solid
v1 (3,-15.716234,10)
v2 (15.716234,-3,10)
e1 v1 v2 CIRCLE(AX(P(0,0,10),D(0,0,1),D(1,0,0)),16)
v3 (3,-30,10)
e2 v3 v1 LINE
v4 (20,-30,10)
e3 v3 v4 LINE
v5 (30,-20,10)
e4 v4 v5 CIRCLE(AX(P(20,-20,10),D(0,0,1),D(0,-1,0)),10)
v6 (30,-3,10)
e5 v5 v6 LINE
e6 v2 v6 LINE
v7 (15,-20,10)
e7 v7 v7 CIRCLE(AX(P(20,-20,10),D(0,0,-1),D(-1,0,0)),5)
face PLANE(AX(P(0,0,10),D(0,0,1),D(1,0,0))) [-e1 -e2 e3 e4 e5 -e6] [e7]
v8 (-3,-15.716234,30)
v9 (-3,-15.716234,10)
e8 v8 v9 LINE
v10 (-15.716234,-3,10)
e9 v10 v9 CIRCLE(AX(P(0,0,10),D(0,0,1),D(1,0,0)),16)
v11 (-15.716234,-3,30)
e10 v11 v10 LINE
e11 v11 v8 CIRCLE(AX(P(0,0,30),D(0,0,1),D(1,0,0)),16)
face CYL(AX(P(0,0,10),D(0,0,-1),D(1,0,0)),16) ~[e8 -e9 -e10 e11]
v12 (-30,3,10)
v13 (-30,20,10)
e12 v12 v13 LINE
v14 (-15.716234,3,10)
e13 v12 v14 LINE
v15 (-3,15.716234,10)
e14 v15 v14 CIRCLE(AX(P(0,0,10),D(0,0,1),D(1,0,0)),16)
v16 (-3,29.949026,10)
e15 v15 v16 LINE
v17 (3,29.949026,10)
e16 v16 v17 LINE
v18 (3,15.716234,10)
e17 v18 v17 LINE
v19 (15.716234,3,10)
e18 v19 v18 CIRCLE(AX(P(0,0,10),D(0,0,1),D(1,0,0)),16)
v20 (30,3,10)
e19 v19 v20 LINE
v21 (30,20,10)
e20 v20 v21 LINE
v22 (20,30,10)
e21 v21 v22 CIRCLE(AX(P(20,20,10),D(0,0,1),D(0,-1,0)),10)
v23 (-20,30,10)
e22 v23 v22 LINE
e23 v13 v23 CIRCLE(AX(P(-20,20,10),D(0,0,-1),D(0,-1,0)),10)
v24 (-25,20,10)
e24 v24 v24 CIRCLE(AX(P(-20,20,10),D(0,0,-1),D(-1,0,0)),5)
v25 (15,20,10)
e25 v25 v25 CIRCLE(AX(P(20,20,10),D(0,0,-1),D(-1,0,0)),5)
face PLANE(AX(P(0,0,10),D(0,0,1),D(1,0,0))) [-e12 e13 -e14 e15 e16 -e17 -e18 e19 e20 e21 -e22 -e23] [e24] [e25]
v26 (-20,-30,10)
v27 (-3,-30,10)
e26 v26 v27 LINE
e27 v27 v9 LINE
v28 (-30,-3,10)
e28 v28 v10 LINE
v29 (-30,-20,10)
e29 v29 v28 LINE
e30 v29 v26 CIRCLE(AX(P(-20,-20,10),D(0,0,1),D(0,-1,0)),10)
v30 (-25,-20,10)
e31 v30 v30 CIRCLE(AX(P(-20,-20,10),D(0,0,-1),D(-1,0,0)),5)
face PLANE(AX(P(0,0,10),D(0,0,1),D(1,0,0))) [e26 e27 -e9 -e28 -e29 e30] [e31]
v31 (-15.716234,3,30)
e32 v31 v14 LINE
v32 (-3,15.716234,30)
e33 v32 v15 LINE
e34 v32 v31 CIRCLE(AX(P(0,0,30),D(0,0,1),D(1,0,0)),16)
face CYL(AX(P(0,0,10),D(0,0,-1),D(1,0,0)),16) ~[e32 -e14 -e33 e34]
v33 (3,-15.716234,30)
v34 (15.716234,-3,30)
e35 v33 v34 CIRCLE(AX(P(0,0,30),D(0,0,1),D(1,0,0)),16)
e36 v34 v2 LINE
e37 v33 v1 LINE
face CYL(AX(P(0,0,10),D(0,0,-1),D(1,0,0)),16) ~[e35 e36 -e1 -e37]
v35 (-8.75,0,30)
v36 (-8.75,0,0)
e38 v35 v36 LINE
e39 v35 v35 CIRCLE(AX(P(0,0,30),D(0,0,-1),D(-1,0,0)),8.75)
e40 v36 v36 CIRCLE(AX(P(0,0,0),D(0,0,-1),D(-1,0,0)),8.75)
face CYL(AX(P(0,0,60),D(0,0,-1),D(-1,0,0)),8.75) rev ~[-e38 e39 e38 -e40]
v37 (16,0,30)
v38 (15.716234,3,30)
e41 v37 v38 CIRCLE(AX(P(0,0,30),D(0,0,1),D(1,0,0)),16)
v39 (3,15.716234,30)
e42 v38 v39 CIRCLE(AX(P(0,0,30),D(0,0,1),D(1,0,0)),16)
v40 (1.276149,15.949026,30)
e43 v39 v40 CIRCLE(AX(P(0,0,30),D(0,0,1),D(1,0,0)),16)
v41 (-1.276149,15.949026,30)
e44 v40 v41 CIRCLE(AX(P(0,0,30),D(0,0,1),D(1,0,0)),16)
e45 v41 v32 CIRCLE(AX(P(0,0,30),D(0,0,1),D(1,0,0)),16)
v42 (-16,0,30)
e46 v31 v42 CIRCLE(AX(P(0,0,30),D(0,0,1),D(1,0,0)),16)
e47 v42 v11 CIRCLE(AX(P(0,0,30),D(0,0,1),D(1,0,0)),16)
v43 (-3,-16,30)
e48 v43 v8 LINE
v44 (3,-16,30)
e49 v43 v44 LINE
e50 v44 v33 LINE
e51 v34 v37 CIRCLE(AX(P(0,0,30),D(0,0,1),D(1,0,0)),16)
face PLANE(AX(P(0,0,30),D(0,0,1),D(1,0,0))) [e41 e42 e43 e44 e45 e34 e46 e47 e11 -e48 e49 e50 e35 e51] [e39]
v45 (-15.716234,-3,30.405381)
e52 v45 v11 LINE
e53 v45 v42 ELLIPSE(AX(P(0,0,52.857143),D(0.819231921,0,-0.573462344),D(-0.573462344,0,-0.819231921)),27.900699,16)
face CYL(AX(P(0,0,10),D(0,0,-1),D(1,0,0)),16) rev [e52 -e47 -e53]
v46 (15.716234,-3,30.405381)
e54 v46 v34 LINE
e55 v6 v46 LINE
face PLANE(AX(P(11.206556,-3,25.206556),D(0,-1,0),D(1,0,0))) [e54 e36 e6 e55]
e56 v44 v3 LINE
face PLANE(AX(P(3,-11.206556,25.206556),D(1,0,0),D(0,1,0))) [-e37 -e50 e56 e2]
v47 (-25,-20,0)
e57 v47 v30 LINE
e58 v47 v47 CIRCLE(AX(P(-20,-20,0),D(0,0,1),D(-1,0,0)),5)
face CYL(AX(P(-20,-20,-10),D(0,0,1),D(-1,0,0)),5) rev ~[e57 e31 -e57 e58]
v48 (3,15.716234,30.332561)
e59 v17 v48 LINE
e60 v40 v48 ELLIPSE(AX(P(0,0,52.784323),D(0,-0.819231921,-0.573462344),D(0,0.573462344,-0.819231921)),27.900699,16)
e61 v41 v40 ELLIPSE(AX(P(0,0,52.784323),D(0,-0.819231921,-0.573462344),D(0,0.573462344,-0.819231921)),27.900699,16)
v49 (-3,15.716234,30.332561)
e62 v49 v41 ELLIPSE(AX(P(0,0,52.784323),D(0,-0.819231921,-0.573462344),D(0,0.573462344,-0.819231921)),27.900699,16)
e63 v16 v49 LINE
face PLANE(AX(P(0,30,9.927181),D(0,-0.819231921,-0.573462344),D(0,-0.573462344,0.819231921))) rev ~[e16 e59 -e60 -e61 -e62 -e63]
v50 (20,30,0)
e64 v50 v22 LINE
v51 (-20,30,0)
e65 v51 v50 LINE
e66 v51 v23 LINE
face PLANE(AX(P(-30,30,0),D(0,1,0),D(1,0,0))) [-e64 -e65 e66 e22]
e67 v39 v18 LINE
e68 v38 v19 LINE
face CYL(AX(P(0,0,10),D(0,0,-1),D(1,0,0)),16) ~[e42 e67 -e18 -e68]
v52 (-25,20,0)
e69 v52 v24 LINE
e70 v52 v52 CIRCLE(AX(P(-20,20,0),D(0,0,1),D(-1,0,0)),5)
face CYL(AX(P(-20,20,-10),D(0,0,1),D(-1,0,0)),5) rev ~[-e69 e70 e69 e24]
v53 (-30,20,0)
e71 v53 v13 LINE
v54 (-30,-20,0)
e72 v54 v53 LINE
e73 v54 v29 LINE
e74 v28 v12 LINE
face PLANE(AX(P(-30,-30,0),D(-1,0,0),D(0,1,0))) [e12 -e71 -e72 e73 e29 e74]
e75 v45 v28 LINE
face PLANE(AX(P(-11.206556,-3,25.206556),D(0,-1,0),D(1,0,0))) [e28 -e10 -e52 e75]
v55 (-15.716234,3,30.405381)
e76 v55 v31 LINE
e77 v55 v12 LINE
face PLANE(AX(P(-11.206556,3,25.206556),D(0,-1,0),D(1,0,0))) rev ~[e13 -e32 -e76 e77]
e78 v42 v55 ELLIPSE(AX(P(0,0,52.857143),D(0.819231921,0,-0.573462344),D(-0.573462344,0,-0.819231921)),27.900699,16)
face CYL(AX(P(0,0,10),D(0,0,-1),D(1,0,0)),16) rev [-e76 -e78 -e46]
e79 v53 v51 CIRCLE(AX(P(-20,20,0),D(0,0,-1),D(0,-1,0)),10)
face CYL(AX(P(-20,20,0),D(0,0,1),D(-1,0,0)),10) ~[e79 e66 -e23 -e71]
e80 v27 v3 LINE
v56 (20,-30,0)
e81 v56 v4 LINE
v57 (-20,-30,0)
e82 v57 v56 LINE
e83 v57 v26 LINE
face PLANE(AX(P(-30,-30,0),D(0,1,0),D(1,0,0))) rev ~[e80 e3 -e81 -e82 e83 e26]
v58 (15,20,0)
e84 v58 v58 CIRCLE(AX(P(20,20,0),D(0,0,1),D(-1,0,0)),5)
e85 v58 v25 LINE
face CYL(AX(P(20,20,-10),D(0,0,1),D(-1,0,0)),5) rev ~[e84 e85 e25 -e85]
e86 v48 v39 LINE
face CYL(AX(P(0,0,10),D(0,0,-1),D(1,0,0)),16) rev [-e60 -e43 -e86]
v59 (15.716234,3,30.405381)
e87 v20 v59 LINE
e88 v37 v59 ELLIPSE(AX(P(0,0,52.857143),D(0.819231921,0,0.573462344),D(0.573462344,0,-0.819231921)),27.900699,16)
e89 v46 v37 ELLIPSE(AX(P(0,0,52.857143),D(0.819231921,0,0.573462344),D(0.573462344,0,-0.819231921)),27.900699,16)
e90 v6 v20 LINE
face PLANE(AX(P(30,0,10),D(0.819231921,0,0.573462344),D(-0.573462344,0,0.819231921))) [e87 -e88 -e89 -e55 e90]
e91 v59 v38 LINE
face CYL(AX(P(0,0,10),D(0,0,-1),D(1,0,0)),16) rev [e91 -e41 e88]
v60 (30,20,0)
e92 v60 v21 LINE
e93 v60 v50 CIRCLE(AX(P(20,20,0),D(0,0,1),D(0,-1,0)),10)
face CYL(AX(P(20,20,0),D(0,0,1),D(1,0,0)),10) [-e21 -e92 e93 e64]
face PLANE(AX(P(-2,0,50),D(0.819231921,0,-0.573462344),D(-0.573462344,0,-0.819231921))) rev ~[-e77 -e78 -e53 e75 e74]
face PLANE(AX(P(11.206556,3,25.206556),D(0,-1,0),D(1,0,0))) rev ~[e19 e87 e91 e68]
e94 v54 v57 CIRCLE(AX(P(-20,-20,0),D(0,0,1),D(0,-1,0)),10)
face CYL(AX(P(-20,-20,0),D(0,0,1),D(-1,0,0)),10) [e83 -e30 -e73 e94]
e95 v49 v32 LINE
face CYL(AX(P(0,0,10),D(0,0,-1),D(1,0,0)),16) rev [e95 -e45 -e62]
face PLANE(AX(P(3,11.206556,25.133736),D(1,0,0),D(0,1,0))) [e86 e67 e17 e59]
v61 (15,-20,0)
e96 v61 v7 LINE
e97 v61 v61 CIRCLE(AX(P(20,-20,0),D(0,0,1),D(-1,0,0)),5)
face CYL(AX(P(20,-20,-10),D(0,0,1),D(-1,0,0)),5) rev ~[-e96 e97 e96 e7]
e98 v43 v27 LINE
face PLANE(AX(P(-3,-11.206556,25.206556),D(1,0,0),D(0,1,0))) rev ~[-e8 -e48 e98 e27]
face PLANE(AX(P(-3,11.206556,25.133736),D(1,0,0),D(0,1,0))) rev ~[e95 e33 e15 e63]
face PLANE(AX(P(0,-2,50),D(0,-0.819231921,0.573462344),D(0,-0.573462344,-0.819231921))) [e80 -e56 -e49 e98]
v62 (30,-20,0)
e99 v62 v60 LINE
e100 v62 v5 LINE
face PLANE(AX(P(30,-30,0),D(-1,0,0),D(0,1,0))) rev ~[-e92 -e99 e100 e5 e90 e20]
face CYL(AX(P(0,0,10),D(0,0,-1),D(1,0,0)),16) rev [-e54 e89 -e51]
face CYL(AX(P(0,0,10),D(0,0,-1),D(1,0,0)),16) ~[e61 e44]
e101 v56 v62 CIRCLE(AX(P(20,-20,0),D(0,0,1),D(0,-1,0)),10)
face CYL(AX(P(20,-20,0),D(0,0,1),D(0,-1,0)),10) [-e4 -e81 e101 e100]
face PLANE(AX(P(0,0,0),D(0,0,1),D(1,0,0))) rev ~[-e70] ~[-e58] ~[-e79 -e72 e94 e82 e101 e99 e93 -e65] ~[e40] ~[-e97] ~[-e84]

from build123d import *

# Parameters (mm, degrees)
F0_W      = 60
F0_H      = 60
F0_W_2    = 40
F0_H_2    = 40
F1_DEPTH  = 10
F2_R      = 10
F3_D      = 10
F3_DEPTH  = 10
F3_TIP    = 3.0043030951
F6_DEPTH  = 3
F4_R      = 16
F7_DEPTH  = 40
F9_DEPTH  = 3
F10_DEPTH = 40
F11_DEPTH = 20
F13_D     = 17.5
F13_DEPTH = 30
F13_TIP   = 5.2575304165
F15_DEPTH = 25


with BuildPart() as f1:
    # F0 (on Top) → F1 (new body)
    with BuildSketch(Plane.XY):
        Rectangle(F0_W, F0_H)
        Rectangle(F0_W_2, F0_H_2, mode=Mode.SUBTRACT)
        Rectangle(F0_W_2, F0_H_2)
    extrude(amount=F1_DEPTH)

    # F2
    f2_edges = [f1.edges().sort_by_distance(p)[0] for p in [
        (-30, 30, 5),
        (30, 30, 5),
        (30, -30, 5),
        (-30, -30, 5),
    ]]
    fillet(f2_edges, radius=F2_R)

    # F3
    with Locations(Plane(origin=(0, 0, 0), x_dir=(1, 0, 0), z_dir=(0, 0, -1))):
        with Locations((-20, -20), (20, -20), (20, 20), (-20, 20)):
            Hole(F3_D / 2, depth=F3_DEPTH)
            with Locations((0, 0, -(F3_DEPTH + F3_TIP / 2))):  # 118° drill point
                Cone(0, F3_D / 2, F3_TIP, mode=Mode.SUBTRACT)

    # F5 (on Front) → F6 (join, symmetric)
    with BuildSketch(Plane.XZ):
        Polygon((-30, 10), (-2, 10), (-2, 50), align=None)
        Polygon((2, 50), (2, 10), (30, 10), align=None)
    extrude(amount=F6_DEPTH, both=True)

    # F4 (on face) → F7 (cut)
    with BuildSketch(Plane.XY.offset(10)):
        Circle(F4_R)
    extrude(amount=F7_DEPTH, mode=Mode.SUBTRACT)

    # F8 (on Right) → F9 (join, symmetric)
    with BuildSketch(Plane.YZ):
        Polygon((2, 9.9271805957), (30, 9.9271805957), (2, 49.9271805957), align=None)
        Polygon((-2, 50), (-30, 10), (-2, 10), align=None)
    extrude(amount=F9_DEPTH, both=True)

    # F4 (on face) → F10 (cut)
    with BuildSketch(Plane.XY.offset(10)):
        Circle(F4_R)
    extrude(amount=F10_DEPTH, mode=Mode.SUBTRACT)

    # F4 (on face) → F11 (join)
    with BuildSketch(Plane.XY.offset(10)):
        Circle(F4_R)
    extrude(amount=F11_DEPTH)

    # F13
    with Locations(Plane.XY.offset(30)):
        with Locations((0, 0)):
            Hole(F13_D / 2, depth=F13_DEPTH)
            with Locations((0, 0, -(F13_DEPTH + F13_TIP / 2))):  # 118° drill point
                Cone(0, F13_D / 2, F13_TIP, mode=Mode.SUBTRACT)

    # F14 (on face) → F15 (cut)
    with BuildSketch(Plane.YZ.offset(3)):
        Polygon((-16, 30), (-15.7162336455, 30), (-15.7162336455, 30.4053805064), align=None)
    extrude(amount=-F15_DEPTH, mode=Mode.SUBTRACT)


solid = f1.part
